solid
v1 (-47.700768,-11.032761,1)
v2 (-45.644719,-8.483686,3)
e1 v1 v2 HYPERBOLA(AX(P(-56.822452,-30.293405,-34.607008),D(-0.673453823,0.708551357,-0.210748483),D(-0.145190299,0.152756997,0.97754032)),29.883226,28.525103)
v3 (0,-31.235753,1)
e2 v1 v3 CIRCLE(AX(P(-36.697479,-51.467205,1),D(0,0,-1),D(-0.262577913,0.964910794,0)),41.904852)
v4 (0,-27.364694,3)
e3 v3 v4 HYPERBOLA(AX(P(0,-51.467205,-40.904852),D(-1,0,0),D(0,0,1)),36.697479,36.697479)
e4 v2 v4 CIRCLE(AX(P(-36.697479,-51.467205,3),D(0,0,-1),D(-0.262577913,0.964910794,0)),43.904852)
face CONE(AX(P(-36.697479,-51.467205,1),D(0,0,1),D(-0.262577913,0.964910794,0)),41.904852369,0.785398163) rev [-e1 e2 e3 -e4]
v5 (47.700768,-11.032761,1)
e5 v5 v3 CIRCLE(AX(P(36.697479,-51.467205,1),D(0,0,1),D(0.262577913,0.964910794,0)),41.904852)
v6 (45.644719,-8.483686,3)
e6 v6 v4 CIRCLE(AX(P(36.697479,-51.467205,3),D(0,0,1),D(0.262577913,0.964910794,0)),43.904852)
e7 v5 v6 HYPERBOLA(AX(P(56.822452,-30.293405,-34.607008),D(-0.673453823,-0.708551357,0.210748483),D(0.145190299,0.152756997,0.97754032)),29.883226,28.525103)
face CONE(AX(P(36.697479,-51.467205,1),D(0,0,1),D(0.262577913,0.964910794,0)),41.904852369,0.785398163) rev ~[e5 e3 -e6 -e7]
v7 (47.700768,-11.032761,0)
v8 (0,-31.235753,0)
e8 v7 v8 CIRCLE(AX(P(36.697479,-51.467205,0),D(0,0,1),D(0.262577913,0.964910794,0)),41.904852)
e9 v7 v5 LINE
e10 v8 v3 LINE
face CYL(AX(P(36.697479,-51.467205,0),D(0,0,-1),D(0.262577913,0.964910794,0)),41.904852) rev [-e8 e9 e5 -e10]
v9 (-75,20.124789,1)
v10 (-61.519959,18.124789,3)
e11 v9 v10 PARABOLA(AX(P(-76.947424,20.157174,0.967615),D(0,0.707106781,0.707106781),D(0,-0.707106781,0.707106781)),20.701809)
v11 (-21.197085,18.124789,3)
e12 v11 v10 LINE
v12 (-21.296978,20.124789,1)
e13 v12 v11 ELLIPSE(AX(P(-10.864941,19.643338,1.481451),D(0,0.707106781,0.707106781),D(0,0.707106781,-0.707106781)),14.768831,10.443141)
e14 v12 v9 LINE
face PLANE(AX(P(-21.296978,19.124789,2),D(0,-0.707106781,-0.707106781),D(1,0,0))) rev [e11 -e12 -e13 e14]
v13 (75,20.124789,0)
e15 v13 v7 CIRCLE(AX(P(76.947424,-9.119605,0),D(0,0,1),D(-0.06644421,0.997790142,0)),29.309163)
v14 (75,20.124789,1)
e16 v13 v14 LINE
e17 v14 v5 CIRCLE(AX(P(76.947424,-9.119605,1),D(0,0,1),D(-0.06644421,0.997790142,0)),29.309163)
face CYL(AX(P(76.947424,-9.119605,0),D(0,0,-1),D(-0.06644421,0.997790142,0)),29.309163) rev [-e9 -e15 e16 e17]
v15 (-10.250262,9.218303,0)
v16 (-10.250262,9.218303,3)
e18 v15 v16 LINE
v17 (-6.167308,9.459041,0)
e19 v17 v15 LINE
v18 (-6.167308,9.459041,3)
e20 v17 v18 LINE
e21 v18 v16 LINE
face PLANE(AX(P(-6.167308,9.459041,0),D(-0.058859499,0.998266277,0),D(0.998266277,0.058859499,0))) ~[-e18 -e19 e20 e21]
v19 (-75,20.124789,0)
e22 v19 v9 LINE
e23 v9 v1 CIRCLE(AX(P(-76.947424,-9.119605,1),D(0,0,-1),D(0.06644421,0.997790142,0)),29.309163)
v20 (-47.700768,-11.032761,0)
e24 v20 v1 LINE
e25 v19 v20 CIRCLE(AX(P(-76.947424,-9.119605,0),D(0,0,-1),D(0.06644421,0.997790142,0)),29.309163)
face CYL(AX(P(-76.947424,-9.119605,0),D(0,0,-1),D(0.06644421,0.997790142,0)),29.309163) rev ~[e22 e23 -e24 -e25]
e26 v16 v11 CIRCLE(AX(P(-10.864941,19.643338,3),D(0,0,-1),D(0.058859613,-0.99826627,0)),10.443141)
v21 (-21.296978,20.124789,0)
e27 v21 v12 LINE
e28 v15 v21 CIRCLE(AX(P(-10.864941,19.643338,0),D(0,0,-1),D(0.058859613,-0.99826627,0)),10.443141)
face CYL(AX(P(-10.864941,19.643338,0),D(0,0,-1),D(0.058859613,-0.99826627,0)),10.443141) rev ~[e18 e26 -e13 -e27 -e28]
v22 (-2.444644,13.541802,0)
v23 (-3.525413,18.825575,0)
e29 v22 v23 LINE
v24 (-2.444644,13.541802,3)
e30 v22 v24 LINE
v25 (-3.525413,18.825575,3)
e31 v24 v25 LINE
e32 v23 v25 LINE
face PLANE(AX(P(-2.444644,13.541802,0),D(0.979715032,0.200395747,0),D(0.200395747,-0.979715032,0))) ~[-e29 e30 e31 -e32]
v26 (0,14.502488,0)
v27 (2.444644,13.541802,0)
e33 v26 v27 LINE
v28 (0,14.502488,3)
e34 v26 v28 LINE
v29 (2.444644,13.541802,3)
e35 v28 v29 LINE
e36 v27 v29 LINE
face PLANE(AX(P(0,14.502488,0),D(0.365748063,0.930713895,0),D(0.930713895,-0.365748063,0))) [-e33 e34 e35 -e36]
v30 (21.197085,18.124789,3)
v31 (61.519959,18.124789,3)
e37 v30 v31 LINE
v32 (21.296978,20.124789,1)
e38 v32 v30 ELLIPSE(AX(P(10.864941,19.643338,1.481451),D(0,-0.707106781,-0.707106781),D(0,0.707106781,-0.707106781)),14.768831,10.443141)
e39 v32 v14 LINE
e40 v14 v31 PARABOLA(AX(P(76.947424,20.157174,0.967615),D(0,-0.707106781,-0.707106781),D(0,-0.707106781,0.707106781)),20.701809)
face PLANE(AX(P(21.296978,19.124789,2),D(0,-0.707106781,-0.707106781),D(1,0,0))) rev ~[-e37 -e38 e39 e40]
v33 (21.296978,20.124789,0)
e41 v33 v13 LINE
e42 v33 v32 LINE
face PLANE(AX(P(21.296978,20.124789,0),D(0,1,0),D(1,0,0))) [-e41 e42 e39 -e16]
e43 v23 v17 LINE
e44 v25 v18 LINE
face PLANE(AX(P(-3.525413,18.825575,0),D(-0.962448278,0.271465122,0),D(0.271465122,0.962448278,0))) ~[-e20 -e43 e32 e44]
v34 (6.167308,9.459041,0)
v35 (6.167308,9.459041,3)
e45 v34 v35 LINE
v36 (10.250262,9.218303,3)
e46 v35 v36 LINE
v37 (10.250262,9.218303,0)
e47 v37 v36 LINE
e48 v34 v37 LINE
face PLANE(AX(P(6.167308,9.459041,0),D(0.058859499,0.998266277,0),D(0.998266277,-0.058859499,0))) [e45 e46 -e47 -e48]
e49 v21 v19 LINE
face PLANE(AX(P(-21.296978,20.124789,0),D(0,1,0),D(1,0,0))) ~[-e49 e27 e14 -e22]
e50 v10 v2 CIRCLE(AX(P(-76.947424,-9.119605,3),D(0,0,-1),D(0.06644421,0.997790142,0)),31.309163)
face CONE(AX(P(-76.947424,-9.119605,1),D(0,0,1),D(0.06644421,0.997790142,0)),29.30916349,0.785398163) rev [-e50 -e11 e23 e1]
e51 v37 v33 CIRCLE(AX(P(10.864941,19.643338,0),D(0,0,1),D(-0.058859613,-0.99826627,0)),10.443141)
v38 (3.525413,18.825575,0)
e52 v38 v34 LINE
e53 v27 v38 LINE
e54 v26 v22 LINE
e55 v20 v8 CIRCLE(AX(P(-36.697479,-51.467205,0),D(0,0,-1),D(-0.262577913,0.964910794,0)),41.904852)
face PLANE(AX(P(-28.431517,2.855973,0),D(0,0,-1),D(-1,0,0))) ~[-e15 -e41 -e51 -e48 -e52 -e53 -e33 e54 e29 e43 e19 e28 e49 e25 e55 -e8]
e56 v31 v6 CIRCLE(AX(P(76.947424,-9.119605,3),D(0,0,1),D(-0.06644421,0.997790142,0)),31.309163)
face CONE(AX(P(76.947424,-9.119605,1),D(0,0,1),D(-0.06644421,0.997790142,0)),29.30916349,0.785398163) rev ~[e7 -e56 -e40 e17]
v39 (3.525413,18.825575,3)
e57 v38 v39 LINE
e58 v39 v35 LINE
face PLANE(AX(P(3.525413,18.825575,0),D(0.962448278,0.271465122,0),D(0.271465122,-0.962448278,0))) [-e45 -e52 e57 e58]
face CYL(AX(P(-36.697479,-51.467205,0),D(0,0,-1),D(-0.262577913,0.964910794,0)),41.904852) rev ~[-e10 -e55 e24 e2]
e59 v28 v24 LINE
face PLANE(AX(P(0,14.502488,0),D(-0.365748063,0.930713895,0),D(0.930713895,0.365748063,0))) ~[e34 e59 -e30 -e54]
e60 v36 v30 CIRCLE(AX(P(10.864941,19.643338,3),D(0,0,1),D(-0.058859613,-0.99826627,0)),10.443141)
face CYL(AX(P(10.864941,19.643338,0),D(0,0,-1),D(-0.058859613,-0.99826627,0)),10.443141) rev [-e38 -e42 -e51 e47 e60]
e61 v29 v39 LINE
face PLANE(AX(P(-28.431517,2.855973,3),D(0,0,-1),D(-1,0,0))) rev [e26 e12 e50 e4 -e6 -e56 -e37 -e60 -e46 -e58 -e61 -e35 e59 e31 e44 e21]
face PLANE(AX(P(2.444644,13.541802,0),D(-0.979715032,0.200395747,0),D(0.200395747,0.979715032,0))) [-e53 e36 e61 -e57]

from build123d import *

# Parameters (mm, degrees)
PAD_DEPTH    = 3
CHAMFER_SIZE = 2


with BuildPart() as body:
    # Sketch → Pad (new body)
    with BuildSketch(Plane.XY):
        with BuildLine():
            Line((0, 0), (0, 14.502488))
            Line((0, 14.502488), (2.444644, 13.541802))
            Line((2.444644, 13.541802), (3.525413, 18.825575))
            Line((3.525413, 18.825575), (6.167308, 9.459041))
            Line((6.167308, 9.459041), (10.250262, 9.218303))
            ThreePointArc((10.250262, 9.218303), (18.202038, 12.211905), (21.296978, 20.124789))
            Line((21.296978, 20.124789), (75, 20.124789))
            ThreePointArc((75, 20.124789), (54.90279, 10.195186), (47.700768, -11.032761))
            ThreePointArc((47.700768, -11.032761), (20.35465, -12.880568), (0, -31.235753))
            Line((0, -31.235753), (0, 0))
        make_face()
    extrude(amount=PAD_DEPTH)

    # Chamfer
    chamfer_edges = [body.edges().sort_by_distance(p)[0] for p in [
        (20.35465, -12.880568, 3),
        (54.90279, 10.195186, 3),
        (48.148489, 20.124789, 3),
    ]]
    chamfer(chamfer_edges, length=CHAMFER_SIZE)


with BuildPart() as part_mirroring:
    # Part__Mirroring: instance of Body
    add(body.part.mirror(Plane(origin=(0, 0, 0), x_dir=(0, -1, 0), z_dir=(1, 0, 0))))


with BuildPart() as fusion:
    # Fusion base: copy of Body
    add(body.part)

    # Fusion: union Part__Mirroring
    add(part_mirroring.part)


solid = fusion.part
